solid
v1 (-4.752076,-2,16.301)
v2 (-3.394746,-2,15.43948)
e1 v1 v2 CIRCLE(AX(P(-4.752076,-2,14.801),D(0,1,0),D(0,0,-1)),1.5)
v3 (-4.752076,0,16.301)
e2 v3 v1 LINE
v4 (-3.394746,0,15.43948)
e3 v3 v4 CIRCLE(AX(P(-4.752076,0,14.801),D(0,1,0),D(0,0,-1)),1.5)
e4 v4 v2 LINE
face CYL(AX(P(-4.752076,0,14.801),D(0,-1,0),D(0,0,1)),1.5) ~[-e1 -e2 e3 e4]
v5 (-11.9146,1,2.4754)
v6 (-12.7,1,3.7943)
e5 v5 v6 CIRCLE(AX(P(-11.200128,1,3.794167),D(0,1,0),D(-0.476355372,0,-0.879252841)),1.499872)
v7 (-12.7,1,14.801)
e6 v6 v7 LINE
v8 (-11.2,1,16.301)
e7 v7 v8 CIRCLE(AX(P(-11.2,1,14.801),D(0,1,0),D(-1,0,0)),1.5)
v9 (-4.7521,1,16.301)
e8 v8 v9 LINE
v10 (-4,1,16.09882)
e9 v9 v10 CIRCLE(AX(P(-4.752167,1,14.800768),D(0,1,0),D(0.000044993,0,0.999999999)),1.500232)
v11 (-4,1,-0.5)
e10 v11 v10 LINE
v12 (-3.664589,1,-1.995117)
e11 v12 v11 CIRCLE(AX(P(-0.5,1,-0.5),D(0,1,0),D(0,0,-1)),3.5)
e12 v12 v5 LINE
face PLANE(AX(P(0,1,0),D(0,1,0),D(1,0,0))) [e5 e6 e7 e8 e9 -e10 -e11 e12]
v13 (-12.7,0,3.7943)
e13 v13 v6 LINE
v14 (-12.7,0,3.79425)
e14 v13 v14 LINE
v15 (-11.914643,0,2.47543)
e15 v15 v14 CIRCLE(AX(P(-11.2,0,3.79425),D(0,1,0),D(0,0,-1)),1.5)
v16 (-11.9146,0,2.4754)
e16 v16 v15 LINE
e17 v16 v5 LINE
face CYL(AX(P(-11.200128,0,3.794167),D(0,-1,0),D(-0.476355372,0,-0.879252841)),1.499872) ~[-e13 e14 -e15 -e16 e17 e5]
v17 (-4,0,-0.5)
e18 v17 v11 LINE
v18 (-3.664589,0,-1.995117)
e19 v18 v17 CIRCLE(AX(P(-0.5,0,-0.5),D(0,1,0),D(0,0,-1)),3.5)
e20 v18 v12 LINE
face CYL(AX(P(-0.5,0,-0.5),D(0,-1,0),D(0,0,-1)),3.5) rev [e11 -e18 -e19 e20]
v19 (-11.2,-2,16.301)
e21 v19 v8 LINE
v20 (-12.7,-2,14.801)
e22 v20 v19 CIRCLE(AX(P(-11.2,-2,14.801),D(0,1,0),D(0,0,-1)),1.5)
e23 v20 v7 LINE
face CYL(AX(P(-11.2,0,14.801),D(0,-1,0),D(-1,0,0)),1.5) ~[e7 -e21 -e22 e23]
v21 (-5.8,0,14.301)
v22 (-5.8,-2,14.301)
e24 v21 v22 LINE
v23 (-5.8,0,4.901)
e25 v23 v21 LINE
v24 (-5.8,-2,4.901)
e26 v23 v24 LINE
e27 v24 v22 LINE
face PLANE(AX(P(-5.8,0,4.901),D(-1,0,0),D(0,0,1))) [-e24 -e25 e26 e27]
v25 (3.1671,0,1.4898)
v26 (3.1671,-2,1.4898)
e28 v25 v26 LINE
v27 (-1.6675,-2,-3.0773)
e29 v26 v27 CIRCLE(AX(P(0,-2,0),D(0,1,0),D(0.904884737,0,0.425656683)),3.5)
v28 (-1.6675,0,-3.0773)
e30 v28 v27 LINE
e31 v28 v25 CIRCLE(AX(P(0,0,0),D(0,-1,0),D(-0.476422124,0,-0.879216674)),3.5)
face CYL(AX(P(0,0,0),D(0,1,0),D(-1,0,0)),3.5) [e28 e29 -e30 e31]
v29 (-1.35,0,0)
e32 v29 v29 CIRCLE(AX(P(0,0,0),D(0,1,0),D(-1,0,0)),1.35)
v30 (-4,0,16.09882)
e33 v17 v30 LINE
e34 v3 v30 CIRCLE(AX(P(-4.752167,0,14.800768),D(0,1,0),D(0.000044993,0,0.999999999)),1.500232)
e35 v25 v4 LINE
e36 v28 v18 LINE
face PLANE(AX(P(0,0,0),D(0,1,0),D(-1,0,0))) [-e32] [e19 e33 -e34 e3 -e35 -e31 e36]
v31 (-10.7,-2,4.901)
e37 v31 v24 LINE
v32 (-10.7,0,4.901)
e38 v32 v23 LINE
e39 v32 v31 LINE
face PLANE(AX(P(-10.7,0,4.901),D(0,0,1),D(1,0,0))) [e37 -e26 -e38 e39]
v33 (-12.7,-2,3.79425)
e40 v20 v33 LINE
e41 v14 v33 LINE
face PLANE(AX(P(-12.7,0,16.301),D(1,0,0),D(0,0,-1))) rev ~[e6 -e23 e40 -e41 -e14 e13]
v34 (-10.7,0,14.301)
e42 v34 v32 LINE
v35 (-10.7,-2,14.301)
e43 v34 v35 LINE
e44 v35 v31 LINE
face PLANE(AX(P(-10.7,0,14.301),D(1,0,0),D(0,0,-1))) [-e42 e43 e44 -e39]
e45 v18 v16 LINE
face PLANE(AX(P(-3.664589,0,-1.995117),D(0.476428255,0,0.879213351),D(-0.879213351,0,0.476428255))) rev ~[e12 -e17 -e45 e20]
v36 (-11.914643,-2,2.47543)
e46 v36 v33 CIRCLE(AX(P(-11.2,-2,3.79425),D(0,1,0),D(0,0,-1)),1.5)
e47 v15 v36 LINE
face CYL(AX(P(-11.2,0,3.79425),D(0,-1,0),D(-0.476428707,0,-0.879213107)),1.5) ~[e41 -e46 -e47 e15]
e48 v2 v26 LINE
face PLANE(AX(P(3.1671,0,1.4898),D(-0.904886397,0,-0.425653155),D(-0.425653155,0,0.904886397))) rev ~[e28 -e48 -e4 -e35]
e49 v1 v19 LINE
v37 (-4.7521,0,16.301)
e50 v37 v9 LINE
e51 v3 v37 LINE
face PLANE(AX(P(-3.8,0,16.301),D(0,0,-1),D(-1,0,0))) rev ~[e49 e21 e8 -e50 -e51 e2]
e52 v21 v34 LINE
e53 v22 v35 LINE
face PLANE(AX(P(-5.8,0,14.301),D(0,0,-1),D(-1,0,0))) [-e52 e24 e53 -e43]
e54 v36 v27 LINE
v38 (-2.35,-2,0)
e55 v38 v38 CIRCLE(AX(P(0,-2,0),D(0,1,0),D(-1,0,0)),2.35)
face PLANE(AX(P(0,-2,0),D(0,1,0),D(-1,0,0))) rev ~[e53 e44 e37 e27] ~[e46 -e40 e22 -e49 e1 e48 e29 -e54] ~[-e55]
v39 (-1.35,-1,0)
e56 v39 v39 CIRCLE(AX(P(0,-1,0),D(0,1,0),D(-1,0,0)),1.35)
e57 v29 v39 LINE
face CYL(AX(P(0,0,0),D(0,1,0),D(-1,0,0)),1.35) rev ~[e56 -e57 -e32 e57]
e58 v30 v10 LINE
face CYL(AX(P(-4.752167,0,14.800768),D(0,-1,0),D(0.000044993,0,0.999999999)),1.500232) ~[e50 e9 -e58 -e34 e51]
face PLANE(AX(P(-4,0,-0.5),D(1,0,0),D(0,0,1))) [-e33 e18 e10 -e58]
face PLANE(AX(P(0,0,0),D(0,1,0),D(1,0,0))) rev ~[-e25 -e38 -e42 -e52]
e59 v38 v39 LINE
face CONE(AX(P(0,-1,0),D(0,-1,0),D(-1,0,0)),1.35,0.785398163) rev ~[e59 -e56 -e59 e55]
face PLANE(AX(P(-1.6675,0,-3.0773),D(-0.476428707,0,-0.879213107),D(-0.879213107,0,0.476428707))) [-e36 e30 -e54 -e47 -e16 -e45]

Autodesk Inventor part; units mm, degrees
ref_plane "YZ Plane" through (0, 0, 0) normal (1, 0, 0) x (0, 1, 0)
ref_plane "XZ Plane" through (0, 0, 0) normal (0, 1, 0) x (-1, 0, 0)
ref_plane "XY Plane" through (0, 0, 0) normal (0, 0, 1) x (1, 0, 0)
sketch "Эскиз1" plane through (0, 0, 0) normal (0, 1, 0) x (-1, 0, 0)
  circle A0 centre (0, 0) radius 1.35
  line L0 (0.5, -3.5) -> (-48.5, -3.5) projected
  arc A1 (-51.5, -0.5) -> (-48.5, -3.5) centre (-48.5, -0.5) ccw projected
  line L1 (-51.5, -0.5) -> (-51.5, 33.5) projected
  arc A2 (-48.5, 36.5) -> (-51.5, 33.5) centre (-48.5, 33.5) ccw projected
  line L2 (-48.5, 36.5) -> (0.5, 36.5) projected
  arc A3 (3.5, 33.5) -> (0.5, 36.5) centre (0.5, 33.5) ccw projected
  line L3 (3.5, 33.5) -> (3.5, -0.5) projected
  arc A4 (0.5, -3.5) -> (3.5, -0.5) centre (0.5, -0.5) ccw projected
  circle A5 centre (-48, 33) radius 1.35 projected
  circle A6 centre (0, 33) radius 1.35 projected
  circle A7 centre (-48, 0) radius 1.35 projected
  circle A8 centre (0, 0) radius 1.35 projected
  line L4 (-48.5, -3.8) -> (0.5, -3.8)
  arc A9 (0.5, -3.8) -> (3.8, -0.5) centre (0.5, -0.5) ccw
  line L5 (3.8, -0.5) -> (3.8, 33.5)
  arc A10 (3.8, 33.5) -> (0.5, 36.8) centre (0.5, 33.5) ccw
  line L6 (0.5, 36.8) -> (-48.5, 36.8)
  arc A11 (-48.5, 36.8) -> (-51.8, 33.5) centre (-48.5, 33.5) ccw
  line L7 (-51.8, 33.5) -> (-51.8, -0.5)
  arc A12 (-51.8, -0.5) -> (-48.5, -3.8) centre (-48.5, -0.5) ccw
  circle A13 centre (0, 0) radius 3.5
  line L8 (1.6675, -3.0773) -> (12.7, 2.901)
  line L9 (10.5, 14.101) -> (6, 14.101)
  line L10 (6, 14.101) -> (6, 5.101)
  line L11 (6, 5.101) -> (10.5, 5.101)
  line L12 (10.5, 5.101) -> (10.5, 14.101)
  line L13 (5.8, 4.901) -> (5.8, 14.301)
  line L14 (5.8, 14.301) -> (10.7, 14.301)
  line L15 (10.7, 14.301) -> (10.7, 4.901)
  line L16 (10.7, 4.901) -> (5.8, 4.901)
  line L17 (3.8, 2.901) -> (3.8, 16.301)
  line L18 (3.8, 16.301) -> (12.7, 16.301)
  line L19 (12.7, 16.301) -> (12.7, 2.901)
  line L20 (12.7, 2.901) -> (3.8, 2.901)
  line L21 (-3.1671, 1.4898) -> (3.8, 16.301)
  line L22 (19.4615, 18.801) -> (-3.6385, 18.801) projected
  dimension "d0" = 2.7
  dimension "d1" = 0.3
  dimension "d2" = 7
  dimension "d3" = 4.5
  dimension "d4" = 9
  dimension "d5" = 0.2
  dimension "d6" = 2
  dimension "d7" = 2.5
extrude "Выдавливание1" add sketch "Эскиз1" against normal blind 2 contours A13 | L8 A13 L3 A4 | A4 L3 L21 L5 A9 L8 | L21 L3 A13 | A9 L5 L20 L8 | L20 L5 L18 L19
chamfer "Фаска1" distance 1 angle 45 1 edges at (1.35, -2, 0)
fillet "Сопряжение1" radius 1.5 3 edges at (-12.7, -1, 2.901) (-3.8, -1, 16.301) (-12.7, -1, 16.301)
sketch "Эскиз2" plane through (0, 0, 0) normal (0, 1, 0) x (1, 0, 0)
  line L0 (-0.5, 3.5) -> (48.5, 3.5) projected
  arc A0 (51.5, 0.5) -> (48.5, 3.5) centre (48.5, 0.5) ccw projected
  line L1 (51.5, 0.5) -> (51.5, -33.5) projected
  arc A1 (48.5, -36.5) -> (51.5, -33.5) centre (48.5, -33.5) ccw projected
  line L2 (48.5, -36.5) -> (-0.5, -36.5) projected
  arc A2 (-3.5, -33.5) -> (-0.5, -36.5) centre (-0.5, -33.5) ccw projected
  line L3 (-3.5, -33.5) -> (-3.5, 0.5) projected
  arc A3 (-0.5, 3.5) -> (-3.5, 0.5) centre (-0.5, 0.5) ccw projected
  circle A4 centre (48, -33) radius 1.35 projected
  circle A5 centre (0, -33) radius 1.35 projected
  circle A6 centre (48, 0) radius 1.35 projected
  circle A7 centre (0, 0) radius 1.35 projected
  line L4 (48.5, 4) -> (-0.5, 4)
  arc A8 (-0.5, 4) -> (-4, 0.5) centre (-0.5, 0.5) ccw
  line L5 (-4, 0.5) -> (-4, -33.5)
  arc A9 (-4, -33.5) -> (-0.5, -37) centre (-0.5, -33.5) ccw
  line L6 (-0.5, -37) -> (48.5, -37)
  arc A10 (48.5, -37) -> (52, -33.5) centre (48.5, -33.5) ccw
  line L7 (52, -33.5) -> (52, 0.5)
  arc A11 (52, 0.5) -> (48.5, 4) centre (48.5, 0.5) ccw
  arc A12 (-12.7, -14.801) -> (-11.2, -16.301) centre (-11.2, -14.801) ccw projected
  line L8 (-11.2, -16.301) -> (-4.7521, -16.301) projected
  arc A13 (-4.7521, -16.301) -> (-3.3947, -15.4395) centre (-4.7521, -14.801) ccw projected
  line L9 (-3.3947, -15.4395) -> (3.1671, -1.4898) projected
  arc A14 (3.1671, -1.4898) -> (-1.6675, 3.0773) centre (0, 0) ccw projected
  line L10 (-1.6675, 3.0773) -> (-11.9146, -2.4754) projected
  arc A15 (-11.9146, -2.4754) -> (-12.7, -3.7943) centre (-11.2, -3.7943) ccw projected
  line L11 (-12.7, -3.7943) -> (-12.7, -14.801) projected
  circle A16 centre (0, 0) radius 1.35 projected
  line L12 (-5.8, -4.901) -> (-5.8, -14.301) projected
  line L13 (-5.8, -14.301) -> (-10.7, -14.301) projected
  line L14 (-10.7, -14.301) -> (-10.7, -4.901) projected
  line L15 (-10.7, -4.901) -> (-5.8, -4.901) projected
  point P0 (-4, -16.0988)
  point P1 (-3.6646, 1.9951)
  dimension "d6" = 2
  dimension "d14" = 0.5
extrude "Выдавливание2" add sketch "Эскиз2" along normal blind 1 contours A8 L5 A13 L8 A12 L11 A15 L10 | L12 L13 L14 L15
properties part number "bonnet_fixator"
